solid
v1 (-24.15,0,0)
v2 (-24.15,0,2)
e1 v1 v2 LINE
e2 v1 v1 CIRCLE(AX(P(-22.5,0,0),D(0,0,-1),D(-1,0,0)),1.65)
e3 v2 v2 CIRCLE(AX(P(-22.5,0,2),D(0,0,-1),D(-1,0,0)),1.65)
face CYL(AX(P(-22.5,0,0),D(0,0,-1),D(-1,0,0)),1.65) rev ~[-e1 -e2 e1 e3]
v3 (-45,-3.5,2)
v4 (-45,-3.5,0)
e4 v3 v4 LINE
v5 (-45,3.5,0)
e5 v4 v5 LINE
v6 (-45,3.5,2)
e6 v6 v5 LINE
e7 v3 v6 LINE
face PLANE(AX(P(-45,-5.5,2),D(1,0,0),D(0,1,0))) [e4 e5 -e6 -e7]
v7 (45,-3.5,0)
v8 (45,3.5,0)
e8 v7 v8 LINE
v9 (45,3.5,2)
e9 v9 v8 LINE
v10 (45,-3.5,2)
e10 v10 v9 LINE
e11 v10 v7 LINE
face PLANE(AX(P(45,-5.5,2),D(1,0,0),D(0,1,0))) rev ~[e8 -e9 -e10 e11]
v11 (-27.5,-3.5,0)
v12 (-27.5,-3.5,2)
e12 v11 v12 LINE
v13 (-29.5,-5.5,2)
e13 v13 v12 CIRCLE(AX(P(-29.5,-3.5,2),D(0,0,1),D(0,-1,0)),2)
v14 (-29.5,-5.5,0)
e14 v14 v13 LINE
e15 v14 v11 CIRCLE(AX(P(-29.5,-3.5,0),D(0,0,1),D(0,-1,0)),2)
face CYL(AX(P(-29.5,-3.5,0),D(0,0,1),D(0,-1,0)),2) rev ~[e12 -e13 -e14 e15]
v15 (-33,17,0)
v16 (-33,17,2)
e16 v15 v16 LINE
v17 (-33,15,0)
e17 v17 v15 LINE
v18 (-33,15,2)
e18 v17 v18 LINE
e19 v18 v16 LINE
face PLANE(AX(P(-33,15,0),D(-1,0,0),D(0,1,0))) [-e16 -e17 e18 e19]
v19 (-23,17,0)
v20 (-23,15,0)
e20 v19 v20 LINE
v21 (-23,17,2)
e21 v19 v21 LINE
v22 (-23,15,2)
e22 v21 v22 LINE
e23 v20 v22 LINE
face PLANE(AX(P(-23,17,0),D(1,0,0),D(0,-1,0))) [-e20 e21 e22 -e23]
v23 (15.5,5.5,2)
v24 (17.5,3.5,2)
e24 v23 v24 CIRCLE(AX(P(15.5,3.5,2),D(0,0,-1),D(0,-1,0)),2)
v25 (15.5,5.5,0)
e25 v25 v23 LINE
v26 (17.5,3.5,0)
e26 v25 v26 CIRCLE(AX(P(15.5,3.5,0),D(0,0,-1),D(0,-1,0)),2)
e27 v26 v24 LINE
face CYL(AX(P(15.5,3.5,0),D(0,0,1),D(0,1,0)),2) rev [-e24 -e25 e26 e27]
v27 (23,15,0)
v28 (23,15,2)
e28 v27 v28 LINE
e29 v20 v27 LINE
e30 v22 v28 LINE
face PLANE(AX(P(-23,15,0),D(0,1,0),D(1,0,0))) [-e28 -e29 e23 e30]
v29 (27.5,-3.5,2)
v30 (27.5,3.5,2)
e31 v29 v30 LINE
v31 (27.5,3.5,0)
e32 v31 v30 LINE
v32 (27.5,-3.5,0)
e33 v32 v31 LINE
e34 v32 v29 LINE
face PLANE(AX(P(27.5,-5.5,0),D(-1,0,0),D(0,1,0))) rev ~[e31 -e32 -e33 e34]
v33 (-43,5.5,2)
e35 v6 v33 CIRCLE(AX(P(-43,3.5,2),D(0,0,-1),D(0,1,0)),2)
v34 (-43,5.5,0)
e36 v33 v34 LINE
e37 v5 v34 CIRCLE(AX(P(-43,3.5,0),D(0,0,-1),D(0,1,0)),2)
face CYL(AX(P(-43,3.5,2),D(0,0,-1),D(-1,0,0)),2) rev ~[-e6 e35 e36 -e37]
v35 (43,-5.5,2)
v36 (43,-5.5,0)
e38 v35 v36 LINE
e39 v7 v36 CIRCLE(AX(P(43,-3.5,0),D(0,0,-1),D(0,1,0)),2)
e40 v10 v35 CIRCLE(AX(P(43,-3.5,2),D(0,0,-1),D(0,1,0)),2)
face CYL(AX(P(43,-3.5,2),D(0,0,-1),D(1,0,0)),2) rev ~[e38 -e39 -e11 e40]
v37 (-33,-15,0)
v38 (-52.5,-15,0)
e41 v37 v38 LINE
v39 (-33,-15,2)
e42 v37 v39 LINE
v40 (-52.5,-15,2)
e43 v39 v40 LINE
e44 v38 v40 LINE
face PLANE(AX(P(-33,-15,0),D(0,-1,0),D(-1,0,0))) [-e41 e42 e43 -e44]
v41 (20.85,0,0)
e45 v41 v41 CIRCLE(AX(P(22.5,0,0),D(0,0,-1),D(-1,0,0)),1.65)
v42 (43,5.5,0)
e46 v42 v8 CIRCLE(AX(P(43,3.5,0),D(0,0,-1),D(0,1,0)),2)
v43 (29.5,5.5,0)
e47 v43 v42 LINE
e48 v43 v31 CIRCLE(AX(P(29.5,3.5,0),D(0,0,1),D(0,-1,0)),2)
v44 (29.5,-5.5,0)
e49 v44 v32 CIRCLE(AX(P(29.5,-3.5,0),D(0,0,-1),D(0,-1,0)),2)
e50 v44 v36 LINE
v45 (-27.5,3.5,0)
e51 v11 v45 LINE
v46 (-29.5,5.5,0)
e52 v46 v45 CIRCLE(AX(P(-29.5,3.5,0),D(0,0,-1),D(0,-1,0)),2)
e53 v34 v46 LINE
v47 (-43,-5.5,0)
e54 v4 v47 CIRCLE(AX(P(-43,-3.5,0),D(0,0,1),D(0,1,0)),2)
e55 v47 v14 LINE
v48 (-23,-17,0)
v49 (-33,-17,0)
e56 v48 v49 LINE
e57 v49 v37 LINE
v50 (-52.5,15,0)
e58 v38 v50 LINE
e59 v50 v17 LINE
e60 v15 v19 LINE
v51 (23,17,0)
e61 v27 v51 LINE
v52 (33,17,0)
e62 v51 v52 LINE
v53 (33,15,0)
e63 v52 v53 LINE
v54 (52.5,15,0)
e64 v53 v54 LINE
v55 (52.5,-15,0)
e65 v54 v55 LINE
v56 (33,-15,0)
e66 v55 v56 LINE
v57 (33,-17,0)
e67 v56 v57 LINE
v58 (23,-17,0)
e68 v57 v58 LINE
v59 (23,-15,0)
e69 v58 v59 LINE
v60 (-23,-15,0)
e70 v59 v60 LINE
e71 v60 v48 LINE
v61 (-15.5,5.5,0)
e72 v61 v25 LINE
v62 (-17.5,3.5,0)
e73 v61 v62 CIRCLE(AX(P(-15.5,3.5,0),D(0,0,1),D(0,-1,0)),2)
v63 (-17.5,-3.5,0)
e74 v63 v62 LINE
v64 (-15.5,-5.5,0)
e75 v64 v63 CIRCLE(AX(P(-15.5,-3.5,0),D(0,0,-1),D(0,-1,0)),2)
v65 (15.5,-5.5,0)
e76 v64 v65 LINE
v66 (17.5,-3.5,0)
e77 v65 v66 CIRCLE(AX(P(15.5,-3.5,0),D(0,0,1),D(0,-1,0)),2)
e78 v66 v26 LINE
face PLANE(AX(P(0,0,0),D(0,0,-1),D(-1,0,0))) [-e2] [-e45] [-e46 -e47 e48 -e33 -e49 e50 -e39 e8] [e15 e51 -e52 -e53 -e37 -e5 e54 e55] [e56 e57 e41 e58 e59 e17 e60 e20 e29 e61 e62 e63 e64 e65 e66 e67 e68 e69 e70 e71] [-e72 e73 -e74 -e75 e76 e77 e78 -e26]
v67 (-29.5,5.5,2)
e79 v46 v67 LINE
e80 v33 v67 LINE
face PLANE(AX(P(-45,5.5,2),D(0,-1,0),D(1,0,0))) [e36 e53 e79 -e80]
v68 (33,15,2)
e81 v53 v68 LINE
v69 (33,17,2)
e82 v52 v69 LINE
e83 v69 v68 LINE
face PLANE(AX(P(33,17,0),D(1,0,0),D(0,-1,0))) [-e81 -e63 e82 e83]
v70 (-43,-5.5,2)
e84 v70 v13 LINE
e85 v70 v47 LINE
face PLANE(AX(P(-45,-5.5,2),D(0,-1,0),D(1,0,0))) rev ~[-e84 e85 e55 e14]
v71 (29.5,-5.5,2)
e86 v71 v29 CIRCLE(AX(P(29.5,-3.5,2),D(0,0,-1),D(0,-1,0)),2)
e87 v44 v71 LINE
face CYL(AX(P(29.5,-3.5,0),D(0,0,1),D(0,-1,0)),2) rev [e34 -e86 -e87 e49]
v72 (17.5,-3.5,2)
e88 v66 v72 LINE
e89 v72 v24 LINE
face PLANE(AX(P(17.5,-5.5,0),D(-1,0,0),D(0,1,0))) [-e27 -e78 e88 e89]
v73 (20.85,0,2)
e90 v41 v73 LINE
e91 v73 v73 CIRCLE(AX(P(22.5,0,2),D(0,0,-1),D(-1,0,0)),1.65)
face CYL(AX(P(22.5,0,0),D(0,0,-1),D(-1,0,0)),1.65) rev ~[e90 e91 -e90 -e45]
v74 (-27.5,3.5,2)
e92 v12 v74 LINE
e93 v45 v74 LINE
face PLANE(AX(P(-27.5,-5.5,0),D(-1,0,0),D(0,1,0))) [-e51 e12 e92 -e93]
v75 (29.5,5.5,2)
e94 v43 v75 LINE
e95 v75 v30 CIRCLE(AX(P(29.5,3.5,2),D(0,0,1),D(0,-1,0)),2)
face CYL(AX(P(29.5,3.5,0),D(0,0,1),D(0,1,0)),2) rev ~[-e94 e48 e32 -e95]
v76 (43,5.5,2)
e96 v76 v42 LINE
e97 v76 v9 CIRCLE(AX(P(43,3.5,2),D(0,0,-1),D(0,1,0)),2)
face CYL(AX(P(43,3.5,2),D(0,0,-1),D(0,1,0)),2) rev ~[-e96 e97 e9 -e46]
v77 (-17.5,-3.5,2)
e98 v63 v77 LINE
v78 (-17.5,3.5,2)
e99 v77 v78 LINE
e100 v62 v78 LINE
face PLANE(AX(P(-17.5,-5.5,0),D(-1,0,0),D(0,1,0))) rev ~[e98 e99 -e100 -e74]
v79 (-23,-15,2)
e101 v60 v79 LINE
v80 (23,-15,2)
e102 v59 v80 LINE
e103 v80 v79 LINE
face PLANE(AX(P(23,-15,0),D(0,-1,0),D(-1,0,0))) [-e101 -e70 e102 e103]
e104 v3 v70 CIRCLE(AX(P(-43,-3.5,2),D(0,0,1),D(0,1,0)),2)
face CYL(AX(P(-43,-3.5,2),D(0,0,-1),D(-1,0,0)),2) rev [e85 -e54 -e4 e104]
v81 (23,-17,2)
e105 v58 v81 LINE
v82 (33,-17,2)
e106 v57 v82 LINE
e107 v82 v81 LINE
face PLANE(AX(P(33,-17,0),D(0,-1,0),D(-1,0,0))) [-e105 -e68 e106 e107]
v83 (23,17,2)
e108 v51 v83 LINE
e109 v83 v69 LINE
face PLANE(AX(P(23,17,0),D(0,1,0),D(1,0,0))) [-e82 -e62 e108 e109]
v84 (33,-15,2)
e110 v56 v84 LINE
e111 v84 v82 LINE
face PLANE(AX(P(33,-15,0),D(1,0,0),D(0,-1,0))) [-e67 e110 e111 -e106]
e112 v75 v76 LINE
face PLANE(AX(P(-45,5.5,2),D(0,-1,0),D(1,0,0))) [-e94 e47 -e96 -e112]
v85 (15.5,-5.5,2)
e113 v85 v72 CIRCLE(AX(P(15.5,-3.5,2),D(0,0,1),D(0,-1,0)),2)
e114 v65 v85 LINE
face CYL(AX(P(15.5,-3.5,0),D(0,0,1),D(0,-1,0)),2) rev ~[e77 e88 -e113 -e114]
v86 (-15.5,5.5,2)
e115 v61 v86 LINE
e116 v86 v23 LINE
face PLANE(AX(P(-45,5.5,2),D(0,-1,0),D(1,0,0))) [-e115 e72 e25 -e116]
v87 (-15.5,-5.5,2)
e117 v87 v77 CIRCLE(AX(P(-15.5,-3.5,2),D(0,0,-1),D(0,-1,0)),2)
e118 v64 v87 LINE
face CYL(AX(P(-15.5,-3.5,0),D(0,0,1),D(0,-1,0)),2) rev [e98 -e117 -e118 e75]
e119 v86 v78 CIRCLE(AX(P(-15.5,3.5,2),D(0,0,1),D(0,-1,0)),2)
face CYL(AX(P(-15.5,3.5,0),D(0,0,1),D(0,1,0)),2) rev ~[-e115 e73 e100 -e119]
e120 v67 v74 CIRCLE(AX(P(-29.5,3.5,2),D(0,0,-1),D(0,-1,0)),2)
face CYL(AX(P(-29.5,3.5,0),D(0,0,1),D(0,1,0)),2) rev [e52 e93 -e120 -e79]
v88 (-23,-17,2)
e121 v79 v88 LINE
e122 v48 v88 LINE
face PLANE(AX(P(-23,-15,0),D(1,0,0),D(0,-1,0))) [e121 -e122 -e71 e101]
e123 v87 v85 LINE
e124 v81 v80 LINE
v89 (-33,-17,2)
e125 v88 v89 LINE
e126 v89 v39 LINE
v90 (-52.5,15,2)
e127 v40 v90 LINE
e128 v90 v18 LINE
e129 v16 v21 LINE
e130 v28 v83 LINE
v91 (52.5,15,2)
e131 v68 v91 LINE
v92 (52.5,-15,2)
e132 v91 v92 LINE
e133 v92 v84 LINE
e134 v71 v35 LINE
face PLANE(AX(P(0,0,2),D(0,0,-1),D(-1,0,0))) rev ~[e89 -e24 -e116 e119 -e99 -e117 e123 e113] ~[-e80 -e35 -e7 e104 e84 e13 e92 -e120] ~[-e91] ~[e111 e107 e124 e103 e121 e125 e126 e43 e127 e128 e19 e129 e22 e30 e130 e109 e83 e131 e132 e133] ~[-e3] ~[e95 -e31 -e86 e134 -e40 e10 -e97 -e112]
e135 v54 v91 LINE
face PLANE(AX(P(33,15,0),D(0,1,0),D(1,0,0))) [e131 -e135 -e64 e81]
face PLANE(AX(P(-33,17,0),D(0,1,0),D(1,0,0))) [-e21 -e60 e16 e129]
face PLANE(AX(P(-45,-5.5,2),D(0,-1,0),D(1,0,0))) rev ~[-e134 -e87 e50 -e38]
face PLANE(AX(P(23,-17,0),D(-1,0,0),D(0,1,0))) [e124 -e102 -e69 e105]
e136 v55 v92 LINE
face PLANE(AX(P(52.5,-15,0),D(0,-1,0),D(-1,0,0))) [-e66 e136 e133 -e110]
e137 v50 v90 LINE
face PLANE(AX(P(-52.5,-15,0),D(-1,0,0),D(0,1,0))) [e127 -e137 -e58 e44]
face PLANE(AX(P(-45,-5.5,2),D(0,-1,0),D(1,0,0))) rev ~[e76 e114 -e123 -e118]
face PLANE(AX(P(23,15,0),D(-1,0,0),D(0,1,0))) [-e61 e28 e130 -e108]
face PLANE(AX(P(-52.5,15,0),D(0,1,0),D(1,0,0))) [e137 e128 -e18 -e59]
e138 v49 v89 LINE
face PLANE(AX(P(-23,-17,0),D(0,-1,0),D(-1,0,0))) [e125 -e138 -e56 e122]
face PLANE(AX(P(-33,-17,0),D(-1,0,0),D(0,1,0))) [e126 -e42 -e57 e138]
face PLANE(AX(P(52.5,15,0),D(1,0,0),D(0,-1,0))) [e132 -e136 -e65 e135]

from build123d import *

# Parameters (mm, degrees)
EXTRUDE_1_DEPTH     = 2
SKETCH_2_W          = 90
SKETCH_2_H          = 11
CUT_EXTRUDE_1_DEPTH = 2
SKETCH_4_W          = 10
SKETCH_4_H          = 11
SKETCH_4_R          = 1.65
EXTRUDE_3_DEPTH     = 2
FILLET_2_R          = 2


with BuildPart() as part:
    # 草图1 → 凸台-拉伸1 (new body)
    with BuildSketch(Plane.XY):
        Polygon((-33, -15), (-52.5, -15), (-52.5, 15), (-33, 15), (-33, 17), (-23, 17), (-23, 15), (23, 15), (23, 17), (33, 17), (33, 15), (52.5, 15), (52.5, -15), (33, -15), (33, -17), (23, -17), (23, -15), (-23, -15), (-23, -17), (-33, -17), align=None)
    extrude(amount=EXTRUDE_1_DEPTH)

    # 草图2 → 切除-拉伸1 (cut)
    with BuildSketch(Plane.XY.offset(2)):
        Rectangle(SKETCH_2_W, SKETCH_2_H)
    extrude(amount=-CUT_EXTRUDE_1_DEPTH, mode=Mode.SUBTRACT)

    # 草图4 → 凸台-拉伸3 (add)
    # profile 1 of 2: a face of its own
    with BuildSketch(Plane(origin=(0, 0, 0), x_dir=(-1, 0, 0), z_dir=(0, 0, -1))):
        with Locations((-22.5, 0)):
            Rectangle(SKETCH_4_W, SKETCH_4_H)
        with Locations((-22.5, 0)):
            Circle(SKETCH_4_R, mode=Mode.SUBTRACT)
    # profile 2 of 2: a face of its own
    with BuildSketch(Plane(origin=(0, 0, 0), x_dir=(-1, 0, 0), z_dir=(0, 0, -1))):
        with Locations((22.5, 0)):
            Rectangle(SKETCH_4_W, SKETCH_4_H)
        with Locations((22.5, 0)):
            Circle(SKETCH_4_R, mode=Mode.SUBTRACT)
    extrude(amount=-EXTRUDE_3_DEPTH)

    # 圆角2
    fillet_2_edges = [part.edges().sort_by_distance(p)[0] for p in [
        (-45, -5.5, 1),
        (-45, 5.5, 1),
        (45, 5.5, 1),
        (45, -5.5, 1),
        (17.5, -5.5, 1),
        (17.5, 5.5, 1),
        (27.5, 5.5, 1),
        (27.5, -5.5, 1),
        (-27.5, -5.5, 1),
        (-27.5, 5.5, 1),
        (-17.5, 5.5, 1),
        (-17.5, -5.5, 1),
    ]]
    fillet(fillet_2_edges, radius=FILLET_2_R)


solid = part.part
